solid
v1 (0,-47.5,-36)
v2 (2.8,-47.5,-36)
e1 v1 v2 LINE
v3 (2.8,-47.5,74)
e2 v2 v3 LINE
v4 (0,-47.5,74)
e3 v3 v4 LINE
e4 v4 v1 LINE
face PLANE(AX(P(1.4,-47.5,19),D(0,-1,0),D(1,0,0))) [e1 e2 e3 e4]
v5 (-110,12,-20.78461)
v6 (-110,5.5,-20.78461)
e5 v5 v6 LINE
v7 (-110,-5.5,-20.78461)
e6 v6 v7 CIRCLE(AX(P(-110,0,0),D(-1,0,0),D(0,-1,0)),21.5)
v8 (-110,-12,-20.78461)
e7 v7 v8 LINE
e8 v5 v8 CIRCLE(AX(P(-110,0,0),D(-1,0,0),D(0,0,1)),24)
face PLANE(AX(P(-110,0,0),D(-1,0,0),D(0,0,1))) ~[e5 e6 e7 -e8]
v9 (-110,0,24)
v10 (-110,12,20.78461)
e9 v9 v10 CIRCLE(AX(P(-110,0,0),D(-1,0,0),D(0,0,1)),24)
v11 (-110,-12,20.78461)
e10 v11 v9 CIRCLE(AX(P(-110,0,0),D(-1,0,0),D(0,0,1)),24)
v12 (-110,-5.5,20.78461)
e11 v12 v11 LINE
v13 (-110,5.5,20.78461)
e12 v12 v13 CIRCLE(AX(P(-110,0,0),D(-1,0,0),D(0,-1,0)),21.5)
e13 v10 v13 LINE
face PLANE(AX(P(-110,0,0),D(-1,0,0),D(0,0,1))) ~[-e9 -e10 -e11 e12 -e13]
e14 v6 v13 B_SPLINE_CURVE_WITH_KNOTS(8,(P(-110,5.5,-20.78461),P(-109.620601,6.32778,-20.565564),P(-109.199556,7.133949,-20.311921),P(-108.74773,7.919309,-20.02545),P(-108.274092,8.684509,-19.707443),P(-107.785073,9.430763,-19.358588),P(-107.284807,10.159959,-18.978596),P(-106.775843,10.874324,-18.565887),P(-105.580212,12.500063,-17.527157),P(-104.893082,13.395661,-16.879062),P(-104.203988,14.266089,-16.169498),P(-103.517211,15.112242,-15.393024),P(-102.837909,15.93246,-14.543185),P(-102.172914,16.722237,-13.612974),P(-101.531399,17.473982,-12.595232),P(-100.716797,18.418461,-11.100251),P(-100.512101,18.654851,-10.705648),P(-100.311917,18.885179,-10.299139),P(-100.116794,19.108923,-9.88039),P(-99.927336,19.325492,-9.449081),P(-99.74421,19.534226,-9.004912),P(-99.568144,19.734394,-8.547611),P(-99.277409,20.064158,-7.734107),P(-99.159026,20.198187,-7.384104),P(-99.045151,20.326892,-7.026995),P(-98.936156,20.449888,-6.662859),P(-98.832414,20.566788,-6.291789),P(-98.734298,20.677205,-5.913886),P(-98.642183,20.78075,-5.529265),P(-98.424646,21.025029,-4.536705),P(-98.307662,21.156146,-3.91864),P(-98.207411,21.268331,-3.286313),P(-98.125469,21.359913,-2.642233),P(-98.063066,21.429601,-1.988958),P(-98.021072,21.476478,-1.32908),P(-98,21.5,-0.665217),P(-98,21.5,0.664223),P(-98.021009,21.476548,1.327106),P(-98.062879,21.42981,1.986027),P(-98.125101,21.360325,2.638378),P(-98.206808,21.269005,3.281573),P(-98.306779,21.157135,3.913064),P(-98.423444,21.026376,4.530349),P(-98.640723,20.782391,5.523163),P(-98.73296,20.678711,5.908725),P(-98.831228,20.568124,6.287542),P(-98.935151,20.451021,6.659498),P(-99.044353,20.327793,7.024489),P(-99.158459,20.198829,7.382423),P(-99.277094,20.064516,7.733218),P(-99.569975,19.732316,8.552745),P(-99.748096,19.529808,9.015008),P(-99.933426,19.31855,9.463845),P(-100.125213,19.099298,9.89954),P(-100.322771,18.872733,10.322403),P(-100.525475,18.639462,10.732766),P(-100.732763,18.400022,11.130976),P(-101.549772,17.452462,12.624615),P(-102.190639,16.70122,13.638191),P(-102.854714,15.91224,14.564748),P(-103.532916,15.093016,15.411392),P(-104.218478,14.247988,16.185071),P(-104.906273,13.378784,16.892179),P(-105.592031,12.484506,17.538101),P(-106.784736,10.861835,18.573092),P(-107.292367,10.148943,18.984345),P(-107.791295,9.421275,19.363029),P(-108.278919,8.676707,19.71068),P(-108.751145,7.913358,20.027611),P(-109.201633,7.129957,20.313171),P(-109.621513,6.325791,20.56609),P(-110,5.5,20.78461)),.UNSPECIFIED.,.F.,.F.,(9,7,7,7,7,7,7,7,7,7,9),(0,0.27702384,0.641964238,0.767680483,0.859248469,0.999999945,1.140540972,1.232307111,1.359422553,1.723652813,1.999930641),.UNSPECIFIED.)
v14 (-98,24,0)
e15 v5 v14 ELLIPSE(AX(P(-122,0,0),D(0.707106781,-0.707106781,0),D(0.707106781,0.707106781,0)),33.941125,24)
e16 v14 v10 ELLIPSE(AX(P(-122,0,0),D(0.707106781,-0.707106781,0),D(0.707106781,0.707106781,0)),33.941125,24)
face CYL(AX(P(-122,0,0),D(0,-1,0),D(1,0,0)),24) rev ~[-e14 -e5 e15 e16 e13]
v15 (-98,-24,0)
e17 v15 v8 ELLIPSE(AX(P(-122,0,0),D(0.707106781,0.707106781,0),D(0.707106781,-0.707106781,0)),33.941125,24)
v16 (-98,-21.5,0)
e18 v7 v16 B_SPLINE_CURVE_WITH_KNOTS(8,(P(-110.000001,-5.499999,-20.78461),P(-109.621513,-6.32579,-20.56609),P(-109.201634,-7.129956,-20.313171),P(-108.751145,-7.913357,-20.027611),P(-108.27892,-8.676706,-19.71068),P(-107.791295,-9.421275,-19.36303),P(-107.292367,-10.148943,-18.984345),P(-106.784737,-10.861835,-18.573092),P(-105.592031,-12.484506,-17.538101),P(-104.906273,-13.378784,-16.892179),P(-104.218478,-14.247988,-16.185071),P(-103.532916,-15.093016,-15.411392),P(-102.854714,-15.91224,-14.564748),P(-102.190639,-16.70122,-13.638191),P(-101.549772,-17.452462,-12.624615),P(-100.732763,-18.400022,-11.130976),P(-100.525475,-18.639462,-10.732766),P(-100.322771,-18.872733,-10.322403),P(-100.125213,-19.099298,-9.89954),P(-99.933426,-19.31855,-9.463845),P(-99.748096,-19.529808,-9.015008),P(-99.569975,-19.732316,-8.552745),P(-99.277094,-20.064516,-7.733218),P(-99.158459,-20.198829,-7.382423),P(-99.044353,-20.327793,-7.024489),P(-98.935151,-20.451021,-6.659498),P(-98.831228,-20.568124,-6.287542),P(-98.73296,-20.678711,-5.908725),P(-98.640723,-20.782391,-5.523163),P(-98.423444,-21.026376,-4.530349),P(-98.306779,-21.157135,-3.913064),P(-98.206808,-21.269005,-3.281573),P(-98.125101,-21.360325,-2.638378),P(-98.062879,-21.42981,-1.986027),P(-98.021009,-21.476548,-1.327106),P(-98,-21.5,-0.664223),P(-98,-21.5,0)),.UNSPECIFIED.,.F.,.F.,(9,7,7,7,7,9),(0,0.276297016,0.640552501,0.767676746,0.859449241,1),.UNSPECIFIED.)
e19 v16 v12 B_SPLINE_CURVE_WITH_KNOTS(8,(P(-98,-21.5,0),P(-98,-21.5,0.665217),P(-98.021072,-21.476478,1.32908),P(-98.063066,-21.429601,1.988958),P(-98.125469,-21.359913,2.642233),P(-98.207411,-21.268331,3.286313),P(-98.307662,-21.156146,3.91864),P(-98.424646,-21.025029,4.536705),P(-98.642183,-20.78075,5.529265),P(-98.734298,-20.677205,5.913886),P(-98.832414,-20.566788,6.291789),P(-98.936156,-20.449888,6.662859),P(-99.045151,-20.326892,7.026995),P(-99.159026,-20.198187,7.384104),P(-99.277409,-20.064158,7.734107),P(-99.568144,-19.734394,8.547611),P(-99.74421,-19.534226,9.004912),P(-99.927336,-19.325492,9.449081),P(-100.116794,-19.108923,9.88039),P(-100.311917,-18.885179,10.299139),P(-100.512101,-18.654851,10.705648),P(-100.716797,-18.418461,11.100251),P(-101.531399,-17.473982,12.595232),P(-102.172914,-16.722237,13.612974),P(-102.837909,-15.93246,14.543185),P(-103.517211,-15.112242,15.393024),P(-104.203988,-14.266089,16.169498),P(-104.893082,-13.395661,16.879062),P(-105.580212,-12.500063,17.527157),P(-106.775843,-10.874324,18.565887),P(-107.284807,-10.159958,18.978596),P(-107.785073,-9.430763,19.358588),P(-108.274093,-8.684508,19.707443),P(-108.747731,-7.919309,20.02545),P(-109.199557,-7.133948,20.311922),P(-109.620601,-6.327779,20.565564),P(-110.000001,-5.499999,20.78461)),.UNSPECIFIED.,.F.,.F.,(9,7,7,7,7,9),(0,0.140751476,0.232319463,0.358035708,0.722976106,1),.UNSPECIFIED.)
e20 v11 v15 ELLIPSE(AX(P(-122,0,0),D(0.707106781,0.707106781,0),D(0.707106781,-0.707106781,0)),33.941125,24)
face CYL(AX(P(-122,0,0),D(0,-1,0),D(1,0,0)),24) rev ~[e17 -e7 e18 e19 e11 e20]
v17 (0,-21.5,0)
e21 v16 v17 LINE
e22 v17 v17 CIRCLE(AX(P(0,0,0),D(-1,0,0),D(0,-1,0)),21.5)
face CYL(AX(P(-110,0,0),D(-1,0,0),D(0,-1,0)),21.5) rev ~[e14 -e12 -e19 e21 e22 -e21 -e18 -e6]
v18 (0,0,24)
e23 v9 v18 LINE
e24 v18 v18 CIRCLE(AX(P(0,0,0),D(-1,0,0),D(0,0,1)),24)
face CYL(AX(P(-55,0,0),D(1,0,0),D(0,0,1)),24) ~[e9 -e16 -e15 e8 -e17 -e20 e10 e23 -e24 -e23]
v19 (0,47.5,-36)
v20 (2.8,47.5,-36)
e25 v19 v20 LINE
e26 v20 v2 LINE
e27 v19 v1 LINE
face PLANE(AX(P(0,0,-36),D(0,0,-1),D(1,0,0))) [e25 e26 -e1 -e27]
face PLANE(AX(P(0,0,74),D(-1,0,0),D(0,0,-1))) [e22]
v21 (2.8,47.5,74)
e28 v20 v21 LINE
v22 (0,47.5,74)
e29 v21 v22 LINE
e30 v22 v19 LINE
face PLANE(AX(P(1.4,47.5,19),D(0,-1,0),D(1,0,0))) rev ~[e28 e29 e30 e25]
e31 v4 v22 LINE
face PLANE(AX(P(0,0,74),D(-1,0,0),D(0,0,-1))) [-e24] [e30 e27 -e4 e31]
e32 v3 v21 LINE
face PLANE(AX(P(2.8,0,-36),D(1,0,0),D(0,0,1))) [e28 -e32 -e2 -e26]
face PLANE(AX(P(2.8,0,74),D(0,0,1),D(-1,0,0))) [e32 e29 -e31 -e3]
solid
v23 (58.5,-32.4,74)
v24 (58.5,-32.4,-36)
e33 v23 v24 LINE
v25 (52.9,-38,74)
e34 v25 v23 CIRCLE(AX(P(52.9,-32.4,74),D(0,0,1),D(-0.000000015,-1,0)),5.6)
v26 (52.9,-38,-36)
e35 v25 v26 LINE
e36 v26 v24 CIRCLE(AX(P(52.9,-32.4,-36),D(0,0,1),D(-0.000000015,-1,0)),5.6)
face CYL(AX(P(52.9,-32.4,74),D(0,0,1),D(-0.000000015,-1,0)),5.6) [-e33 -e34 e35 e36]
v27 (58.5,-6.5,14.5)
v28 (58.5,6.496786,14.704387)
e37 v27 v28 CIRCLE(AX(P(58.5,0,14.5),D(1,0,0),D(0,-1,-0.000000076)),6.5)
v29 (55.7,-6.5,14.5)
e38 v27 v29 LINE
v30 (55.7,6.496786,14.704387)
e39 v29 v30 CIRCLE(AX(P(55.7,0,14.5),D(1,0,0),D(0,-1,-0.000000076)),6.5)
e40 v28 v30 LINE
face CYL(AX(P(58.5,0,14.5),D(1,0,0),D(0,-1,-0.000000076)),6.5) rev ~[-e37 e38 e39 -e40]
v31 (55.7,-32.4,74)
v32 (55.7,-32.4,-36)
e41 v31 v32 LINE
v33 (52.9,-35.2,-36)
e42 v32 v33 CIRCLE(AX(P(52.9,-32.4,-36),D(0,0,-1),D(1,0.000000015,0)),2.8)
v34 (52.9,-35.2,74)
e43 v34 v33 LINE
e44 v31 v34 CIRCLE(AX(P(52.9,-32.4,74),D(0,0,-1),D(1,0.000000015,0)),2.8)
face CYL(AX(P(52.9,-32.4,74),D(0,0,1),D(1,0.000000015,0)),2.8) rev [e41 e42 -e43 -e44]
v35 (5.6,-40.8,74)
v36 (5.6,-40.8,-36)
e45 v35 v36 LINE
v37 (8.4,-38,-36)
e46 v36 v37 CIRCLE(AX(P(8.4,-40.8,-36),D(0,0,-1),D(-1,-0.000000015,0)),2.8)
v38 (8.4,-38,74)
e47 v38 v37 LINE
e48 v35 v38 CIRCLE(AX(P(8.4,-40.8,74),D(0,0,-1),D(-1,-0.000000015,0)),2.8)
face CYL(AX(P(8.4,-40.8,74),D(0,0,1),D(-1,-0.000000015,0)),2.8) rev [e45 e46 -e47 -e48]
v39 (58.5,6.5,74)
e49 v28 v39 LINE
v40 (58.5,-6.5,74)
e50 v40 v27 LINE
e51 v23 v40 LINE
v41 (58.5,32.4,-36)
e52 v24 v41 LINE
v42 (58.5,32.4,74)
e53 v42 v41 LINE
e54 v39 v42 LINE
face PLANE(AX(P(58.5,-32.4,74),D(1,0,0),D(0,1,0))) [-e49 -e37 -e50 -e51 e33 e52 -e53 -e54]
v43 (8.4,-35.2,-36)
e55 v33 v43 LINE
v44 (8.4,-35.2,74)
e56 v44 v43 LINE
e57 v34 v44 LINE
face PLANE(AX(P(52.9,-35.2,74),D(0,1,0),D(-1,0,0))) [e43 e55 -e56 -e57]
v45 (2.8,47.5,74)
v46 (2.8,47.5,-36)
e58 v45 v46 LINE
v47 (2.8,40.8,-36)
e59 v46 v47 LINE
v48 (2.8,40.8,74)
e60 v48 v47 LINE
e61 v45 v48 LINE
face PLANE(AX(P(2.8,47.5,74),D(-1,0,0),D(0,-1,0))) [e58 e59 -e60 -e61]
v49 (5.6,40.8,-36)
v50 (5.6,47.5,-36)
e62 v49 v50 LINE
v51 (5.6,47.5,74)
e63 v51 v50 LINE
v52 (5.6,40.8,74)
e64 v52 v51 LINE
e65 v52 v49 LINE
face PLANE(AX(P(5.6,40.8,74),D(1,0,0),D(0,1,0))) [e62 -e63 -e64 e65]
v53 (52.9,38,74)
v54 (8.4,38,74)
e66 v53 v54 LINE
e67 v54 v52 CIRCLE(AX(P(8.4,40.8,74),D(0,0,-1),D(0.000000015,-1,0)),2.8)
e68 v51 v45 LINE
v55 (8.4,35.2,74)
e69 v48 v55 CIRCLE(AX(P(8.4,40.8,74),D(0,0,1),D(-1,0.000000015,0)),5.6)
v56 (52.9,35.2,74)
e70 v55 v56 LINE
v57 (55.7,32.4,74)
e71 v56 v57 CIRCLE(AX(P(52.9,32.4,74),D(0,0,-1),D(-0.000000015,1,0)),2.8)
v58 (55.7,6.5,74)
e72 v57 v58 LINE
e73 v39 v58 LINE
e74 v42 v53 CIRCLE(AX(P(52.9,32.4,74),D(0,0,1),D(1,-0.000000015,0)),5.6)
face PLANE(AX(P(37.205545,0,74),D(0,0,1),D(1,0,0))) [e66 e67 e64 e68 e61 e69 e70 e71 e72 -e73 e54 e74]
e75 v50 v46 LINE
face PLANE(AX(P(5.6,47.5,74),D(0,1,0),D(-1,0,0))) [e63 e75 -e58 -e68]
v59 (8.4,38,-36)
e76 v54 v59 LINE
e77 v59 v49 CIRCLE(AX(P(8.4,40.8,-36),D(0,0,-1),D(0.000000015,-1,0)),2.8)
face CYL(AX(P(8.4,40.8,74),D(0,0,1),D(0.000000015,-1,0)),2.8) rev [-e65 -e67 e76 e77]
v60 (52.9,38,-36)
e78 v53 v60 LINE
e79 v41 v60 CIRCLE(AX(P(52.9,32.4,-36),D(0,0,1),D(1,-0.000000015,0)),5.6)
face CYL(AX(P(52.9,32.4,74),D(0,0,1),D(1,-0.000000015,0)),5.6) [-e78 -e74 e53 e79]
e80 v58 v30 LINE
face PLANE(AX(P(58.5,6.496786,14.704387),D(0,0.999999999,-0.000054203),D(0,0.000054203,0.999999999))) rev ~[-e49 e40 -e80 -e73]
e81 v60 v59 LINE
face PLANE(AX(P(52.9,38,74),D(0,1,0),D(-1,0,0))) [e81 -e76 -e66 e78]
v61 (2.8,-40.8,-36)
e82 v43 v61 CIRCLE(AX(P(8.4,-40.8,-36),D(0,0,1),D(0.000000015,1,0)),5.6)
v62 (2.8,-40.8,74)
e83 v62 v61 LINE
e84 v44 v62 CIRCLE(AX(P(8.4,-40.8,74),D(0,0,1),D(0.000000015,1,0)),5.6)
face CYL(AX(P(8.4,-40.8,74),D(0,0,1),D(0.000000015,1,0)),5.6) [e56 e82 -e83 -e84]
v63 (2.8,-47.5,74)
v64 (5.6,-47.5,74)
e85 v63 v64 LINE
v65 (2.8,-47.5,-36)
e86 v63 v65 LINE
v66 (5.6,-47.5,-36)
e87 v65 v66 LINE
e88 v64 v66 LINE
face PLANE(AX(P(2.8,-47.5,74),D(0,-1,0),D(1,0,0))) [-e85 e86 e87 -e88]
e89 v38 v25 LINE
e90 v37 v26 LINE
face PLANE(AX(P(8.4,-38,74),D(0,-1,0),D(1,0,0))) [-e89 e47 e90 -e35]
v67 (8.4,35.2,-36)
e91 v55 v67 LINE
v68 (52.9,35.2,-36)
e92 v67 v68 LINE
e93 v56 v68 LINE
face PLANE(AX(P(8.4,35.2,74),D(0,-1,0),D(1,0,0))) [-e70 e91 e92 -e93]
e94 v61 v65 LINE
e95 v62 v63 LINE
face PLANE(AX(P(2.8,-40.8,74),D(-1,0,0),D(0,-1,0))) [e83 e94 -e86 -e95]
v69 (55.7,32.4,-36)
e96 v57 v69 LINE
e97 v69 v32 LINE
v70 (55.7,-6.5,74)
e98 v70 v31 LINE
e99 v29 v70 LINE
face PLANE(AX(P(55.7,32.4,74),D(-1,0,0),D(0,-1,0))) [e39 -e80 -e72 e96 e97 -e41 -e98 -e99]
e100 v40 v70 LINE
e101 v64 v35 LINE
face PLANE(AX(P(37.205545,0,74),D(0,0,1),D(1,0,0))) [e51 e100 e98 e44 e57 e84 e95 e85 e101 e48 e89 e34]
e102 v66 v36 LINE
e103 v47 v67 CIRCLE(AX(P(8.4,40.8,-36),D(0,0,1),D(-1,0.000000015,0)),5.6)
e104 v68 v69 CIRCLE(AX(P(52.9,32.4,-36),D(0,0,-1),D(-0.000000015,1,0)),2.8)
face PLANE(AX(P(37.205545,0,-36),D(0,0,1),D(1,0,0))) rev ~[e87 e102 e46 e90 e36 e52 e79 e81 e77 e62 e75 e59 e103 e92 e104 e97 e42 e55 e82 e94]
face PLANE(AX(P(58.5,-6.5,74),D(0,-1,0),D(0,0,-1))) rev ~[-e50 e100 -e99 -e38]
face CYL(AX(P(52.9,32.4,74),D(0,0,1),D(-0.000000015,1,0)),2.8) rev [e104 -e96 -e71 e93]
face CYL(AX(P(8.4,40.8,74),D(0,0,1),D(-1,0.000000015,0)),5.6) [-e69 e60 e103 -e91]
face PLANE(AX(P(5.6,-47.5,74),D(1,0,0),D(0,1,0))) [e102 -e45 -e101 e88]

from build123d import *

# Parameters (mm, degrees)
F0_W      = 110
F0_H      = 24
F4_R      = 21.5
F5_DEPTH  = 110.001
F2_R      = 24
F6_DEPTH  = 25
F8_DEPTH  = 47.5
F10_DEPTH = 110
F12_DEPTH = 10


with BuildPart() as f1:
    # F0 (on Front) → F1 (revolve)
    with BuildSketch(Plane.XZ):
        with Locations((-55, 12)):
            Rectangle(F0_W, F0_H)
    revolve(axis=Axis((-55, 0, 0), (-1, 0, 0)))

    # F4 (on face) → F5 (cut, through all)
    with BuildSketch(Plane(origin=(-110, 0, 0), x_dir=(0, -1, 0), z_dir=(-1, 0, 0))):
        Circle(F4_R)
    extrude(amount=-F5_DEPTH, mode=Mode.SUBTRACT)

    # F2 (on Front) → F6 (cut, symmetric)
    with BuildSketch(Plane.XZ):
        with Locations((-122, 0)):
            Circle(F2_R)
    extrude(amount=F6_DEPTH, both=True, mode=Mode.SUBTRACT)

    # F7 (on Front) → F8 (join, symmetric)
    with BuildSketch(Plane.XZ):
        Polygon((0, 74), (0, 0), (0, -36), (2.8, -36), (2.8, 74), align=None)
    extrude(amount=F8_DEPTH, both=True)


with BuildPart() as f10:
    # F9 (on face) → F10 (new body)
    with BuildSketch(Plane.XY.offset(74)):
        with BuildLine():
            ThreePointArc((55.7, -32.4), (54.879899, -34.379899), (52.9, -35.2))
            Line((52.9, -35.2), (8.4, -35.2))
            ThreePointArc((8.4, -35.2), (4.440202, -36.840202), (2.8, -40.8))
            Line((2.8, -40.8), (2.8, -47.5))
            Line((2.8, -47.5), (5.6, -47.5))
            Line((5.6, -47.5), (5.6, -40.8))
            ThreePointArc((5.6, -40.8), (6.420101, -38.820101), (8.4, -38))
            Line((8.4, -38), (52.9, -38))
            ThreePointArc((52.9, -38), (56.859798, -36.359798), (58.5, -32.4))
            Line((58.5, -32.4), (58.5, 32.4))
            ThreePointArc((58.5, 32.4), (56.859798, 36.359798), (52.9, 38))
            Line((52.9, 38), (8.4, 38))
            ThreePointArc((8.4, 38), (6.420101, 38.820101), (5.6, 40.8))
            Line((5.6, 40.8), (5.6, 47.5))
            Line((5.6, 47.5), (2.8, 47.5))
            Line((2.8, 47.5), (2.8, 40.8))
            ThreePointArc((2.8, 40.8), (4.440202, 36.840202), (8.4, 35.2))
            Line((8.4, 35.2), (52.9, 35.2))
            ThreePointArc((52.9, 35.2), (54.879899, 34.379899), (55.7, 32.4))
            Line((55.7, 32.4), (55.7, -32.4))
        make_face()
    extrude(amount=-F10_DEPTH)

    # F11 (on face) → F12 (cut)
    with BuildSketch(Plane.YZ.offset(58.5)):
        with BuildLine():
            Line((-6.5, 74), (-6.5, 14.5))
            ThreePointArc((-6.5, 14.5), (0.102206, 8.000804), (6.496786, 14.704387))
            Line((6.496786, 14.704387), (6.5, 74))
            Line((6.5, 74), (-6.5, 74))
        make_face()
    extrude(amount=-F12_DEPTH, mode=Mode.SUBTRACT)


solid = Compound([f1.part, f10.part])
